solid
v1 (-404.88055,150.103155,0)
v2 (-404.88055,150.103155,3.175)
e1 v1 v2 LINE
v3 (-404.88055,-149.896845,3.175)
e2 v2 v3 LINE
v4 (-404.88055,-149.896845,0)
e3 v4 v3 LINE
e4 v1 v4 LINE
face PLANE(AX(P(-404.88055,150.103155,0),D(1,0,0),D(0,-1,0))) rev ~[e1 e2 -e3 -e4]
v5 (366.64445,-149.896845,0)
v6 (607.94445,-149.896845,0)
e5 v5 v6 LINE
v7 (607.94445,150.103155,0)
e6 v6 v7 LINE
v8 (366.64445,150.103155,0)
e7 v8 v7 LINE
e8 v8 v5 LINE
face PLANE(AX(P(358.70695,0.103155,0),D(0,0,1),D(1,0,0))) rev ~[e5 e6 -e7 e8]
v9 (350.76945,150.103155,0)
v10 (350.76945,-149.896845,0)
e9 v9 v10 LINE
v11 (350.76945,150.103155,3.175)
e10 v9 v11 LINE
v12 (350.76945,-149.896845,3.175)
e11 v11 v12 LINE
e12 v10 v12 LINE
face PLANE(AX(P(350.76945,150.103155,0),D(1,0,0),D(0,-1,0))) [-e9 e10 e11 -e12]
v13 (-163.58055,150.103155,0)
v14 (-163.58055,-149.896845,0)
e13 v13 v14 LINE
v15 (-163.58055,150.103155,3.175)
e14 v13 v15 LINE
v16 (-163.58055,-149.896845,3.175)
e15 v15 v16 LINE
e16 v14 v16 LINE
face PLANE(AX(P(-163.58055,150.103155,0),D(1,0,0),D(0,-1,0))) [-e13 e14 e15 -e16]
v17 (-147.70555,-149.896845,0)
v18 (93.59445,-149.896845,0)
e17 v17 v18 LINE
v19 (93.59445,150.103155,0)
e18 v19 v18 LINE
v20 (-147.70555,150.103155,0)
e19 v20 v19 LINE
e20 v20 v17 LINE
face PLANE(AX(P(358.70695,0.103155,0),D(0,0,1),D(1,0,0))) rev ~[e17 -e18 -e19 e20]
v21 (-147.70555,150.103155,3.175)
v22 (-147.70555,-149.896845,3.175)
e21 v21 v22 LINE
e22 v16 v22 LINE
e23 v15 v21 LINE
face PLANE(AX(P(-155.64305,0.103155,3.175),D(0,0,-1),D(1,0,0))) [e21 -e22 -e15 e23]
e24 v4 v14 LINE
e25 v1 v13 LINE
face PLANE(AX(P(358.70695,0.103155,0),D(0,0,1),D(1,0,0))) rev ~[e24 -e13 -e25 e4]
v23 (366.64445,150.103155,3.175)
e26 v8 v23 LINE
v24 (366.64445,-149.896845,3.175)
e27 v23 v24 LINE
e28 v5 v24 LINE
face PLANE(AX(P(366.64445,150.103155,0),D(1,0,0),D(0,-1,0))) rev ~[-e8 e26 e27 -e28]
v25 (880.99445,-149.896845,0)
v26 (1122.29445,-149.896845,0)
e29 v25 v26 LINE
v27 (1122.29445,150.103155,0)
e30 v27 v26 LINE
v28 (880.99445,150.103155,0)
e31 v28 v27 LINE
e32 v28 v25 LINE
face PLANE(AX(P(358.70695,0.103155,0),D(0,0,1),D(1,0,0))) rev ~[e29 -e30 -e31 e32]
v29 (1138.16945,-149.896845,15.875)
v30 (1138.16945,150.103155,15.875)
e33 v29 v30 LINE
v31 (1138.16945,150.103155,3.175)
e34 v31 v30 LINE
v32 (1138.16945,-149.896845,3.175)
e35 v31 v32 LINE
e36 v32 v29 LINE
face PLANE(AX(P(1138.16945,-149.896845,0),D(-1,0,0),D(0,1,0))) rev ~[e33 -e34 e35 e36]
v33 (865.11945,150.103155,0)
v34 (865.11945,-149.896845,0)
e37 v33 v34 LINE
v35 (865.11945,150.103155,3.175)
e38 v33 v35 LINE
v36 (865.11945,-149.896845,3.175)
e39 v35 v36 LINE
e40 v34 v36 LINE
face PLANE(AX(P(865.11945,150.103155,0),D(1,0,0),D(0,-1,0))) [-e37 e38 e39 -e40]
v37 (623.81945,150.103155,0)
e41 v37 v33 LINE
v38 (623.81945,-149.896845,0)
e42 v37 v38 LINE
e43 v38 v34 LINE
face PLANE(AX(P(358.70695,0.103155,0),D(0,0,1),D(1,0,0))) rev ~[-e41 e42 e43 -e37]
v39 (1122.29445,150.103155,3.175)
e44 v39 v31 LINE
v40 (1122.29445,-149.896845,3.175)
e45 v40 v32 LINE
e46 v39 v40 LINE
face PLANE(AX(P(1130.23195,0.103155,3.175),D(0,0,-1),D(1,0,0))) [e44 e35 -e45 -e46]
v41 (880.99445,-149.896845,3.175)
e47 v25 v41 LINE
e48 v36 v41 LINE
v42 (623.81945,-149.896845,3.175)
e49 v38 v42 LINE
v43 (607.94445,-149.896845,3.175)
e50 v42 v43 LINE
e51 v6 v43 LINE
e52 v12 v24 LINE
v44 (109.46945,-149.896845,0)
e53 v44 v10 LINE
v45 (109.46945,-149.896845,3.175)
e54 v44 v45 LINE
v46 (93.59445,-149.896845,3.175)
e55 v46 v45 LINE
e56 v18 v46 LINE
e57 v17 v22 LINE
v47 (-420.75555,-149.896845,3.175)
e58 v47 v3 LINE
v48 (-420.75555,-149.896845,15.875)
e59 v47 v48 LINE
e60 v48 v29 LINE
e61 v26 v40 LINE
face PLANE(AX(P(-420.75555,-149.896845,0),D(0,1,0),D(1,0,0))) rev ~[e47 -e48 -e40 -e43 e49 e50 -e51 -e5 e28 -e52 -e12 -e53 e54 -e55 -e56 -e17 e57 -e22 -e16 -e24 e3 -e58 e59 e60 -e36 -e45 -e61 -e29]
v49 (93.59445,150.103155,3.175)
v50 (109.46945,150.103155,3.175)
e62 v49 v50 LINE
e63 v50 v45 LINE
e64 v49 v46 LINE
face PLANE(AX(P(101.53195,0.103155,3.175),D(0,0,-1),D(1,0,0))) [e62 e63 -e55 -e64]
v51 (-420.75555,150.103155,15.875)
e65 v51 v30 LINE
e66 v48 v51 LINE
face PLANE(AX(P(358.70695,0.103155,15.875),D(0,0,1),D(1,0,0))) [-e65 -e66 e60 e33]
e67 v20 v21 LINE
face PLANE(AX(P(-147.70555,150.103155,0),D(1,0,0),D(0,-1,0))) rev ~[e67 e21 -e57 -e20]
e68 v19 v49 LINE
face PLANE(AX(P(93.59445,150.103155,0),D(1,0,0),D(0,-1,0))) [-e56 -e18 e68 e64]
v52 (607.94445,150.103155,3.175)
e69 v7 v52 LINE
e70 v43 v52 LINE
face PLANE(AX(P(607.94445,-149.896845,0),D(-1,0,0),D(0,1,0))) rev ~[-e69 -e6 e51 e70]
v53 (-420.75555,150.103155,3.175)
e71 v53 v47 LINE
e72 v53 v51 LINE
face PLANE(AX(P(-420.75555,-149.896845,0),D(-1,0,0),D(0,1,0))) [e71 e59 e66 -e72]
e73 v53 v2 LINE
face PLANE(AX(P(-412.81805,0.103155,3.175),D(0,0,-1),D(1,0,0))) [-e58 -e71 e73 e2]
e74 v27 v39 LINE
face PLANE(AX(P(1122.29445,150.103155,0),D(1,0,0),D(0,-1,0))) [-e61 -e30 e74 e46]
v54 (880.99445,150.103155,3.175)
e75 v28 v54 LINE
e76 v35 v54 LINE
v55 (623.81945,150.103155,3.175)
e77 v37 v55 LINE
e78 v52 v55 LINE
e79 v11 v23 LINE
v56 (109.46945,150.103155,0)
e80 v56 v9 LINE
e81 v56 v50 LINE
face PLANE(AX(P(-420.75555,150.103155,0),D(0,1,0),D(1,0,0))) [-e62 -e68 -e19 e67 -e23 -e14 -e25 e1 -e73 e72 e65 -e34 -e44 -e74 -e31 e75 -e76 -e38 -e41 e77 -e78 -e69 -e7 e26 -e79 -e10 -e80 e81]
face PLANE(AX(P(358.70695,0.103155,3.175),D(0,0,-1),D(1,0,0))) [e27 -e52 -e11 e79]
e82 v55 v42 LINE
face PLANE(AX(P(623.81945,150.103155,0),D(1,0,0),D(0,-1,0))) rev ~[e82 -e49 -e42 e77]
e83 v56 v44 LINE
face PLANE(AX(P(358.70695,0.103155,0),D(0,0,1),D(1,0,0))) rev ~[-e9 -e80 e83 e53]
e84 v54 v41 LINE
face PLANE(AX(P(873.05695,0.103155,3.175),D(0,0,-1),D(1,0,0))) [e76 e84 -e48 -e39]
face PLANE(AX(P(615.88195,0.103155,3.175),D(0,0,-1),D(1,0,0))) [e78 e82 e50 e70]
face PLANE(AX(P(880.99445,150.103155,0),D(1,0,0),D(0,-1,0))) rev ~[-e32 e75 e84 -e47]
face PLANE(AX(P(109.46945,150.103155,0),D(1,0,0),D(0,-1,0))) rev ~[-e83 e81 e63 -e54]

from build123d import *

# Parameters (mm, degrees)
F0_W     = 1558.925
F0_H     = 300
F1_DEPTH = 15.875
F2_W     = 15.875
F2_H     = 300
F3_DEPTH = 3.175


with BuildPart() as f1:
    # F0 (on Top) → F1 (new body)
    with BuildSketch(Plane.XY):
        with Locations((358.70695, 0.103155)):
            Rectangle(F0_W, F0_H)
    extrude(amount=F1_DEPTH)

    # F2 (on face) → F3 (cut)
    with BuildSketch(Plane(origin=(0, 0, 0), x_dir=(1, 0, 0), z_dir=(0, 0, -1))):
        with Locations((-412.81805, -0.103155)):
            Rectangle(F2_W, F2_H)
        with Locations((-155.64305, -0.103155)):
            Rectangle(F2_W, F2_H)
        with Locations((101.53195, -0.103155)):
            Rectangle(F2_W, F2_H)
        with Locations((358.70695, -0.103155)):
            Rectangle(F2_W, F2_H)
        Polygon((623.81945, 149.896845), (607.94445, 149.896845), (607.94445, -150.103155), (619.820178, -150.103155), (623.81945, -150.103155), align=None)
        with Locations((873.05695, -0.103155)):
            Rectangle(F2_W, F2_H)
        with Locations((1130.23195, -0.103155)):
            Rectangle(F2_W, F2_H)
    extrude(amount=-F3_DEPTH, mode=Mode.SUBTRACT)


solid = f1.part
